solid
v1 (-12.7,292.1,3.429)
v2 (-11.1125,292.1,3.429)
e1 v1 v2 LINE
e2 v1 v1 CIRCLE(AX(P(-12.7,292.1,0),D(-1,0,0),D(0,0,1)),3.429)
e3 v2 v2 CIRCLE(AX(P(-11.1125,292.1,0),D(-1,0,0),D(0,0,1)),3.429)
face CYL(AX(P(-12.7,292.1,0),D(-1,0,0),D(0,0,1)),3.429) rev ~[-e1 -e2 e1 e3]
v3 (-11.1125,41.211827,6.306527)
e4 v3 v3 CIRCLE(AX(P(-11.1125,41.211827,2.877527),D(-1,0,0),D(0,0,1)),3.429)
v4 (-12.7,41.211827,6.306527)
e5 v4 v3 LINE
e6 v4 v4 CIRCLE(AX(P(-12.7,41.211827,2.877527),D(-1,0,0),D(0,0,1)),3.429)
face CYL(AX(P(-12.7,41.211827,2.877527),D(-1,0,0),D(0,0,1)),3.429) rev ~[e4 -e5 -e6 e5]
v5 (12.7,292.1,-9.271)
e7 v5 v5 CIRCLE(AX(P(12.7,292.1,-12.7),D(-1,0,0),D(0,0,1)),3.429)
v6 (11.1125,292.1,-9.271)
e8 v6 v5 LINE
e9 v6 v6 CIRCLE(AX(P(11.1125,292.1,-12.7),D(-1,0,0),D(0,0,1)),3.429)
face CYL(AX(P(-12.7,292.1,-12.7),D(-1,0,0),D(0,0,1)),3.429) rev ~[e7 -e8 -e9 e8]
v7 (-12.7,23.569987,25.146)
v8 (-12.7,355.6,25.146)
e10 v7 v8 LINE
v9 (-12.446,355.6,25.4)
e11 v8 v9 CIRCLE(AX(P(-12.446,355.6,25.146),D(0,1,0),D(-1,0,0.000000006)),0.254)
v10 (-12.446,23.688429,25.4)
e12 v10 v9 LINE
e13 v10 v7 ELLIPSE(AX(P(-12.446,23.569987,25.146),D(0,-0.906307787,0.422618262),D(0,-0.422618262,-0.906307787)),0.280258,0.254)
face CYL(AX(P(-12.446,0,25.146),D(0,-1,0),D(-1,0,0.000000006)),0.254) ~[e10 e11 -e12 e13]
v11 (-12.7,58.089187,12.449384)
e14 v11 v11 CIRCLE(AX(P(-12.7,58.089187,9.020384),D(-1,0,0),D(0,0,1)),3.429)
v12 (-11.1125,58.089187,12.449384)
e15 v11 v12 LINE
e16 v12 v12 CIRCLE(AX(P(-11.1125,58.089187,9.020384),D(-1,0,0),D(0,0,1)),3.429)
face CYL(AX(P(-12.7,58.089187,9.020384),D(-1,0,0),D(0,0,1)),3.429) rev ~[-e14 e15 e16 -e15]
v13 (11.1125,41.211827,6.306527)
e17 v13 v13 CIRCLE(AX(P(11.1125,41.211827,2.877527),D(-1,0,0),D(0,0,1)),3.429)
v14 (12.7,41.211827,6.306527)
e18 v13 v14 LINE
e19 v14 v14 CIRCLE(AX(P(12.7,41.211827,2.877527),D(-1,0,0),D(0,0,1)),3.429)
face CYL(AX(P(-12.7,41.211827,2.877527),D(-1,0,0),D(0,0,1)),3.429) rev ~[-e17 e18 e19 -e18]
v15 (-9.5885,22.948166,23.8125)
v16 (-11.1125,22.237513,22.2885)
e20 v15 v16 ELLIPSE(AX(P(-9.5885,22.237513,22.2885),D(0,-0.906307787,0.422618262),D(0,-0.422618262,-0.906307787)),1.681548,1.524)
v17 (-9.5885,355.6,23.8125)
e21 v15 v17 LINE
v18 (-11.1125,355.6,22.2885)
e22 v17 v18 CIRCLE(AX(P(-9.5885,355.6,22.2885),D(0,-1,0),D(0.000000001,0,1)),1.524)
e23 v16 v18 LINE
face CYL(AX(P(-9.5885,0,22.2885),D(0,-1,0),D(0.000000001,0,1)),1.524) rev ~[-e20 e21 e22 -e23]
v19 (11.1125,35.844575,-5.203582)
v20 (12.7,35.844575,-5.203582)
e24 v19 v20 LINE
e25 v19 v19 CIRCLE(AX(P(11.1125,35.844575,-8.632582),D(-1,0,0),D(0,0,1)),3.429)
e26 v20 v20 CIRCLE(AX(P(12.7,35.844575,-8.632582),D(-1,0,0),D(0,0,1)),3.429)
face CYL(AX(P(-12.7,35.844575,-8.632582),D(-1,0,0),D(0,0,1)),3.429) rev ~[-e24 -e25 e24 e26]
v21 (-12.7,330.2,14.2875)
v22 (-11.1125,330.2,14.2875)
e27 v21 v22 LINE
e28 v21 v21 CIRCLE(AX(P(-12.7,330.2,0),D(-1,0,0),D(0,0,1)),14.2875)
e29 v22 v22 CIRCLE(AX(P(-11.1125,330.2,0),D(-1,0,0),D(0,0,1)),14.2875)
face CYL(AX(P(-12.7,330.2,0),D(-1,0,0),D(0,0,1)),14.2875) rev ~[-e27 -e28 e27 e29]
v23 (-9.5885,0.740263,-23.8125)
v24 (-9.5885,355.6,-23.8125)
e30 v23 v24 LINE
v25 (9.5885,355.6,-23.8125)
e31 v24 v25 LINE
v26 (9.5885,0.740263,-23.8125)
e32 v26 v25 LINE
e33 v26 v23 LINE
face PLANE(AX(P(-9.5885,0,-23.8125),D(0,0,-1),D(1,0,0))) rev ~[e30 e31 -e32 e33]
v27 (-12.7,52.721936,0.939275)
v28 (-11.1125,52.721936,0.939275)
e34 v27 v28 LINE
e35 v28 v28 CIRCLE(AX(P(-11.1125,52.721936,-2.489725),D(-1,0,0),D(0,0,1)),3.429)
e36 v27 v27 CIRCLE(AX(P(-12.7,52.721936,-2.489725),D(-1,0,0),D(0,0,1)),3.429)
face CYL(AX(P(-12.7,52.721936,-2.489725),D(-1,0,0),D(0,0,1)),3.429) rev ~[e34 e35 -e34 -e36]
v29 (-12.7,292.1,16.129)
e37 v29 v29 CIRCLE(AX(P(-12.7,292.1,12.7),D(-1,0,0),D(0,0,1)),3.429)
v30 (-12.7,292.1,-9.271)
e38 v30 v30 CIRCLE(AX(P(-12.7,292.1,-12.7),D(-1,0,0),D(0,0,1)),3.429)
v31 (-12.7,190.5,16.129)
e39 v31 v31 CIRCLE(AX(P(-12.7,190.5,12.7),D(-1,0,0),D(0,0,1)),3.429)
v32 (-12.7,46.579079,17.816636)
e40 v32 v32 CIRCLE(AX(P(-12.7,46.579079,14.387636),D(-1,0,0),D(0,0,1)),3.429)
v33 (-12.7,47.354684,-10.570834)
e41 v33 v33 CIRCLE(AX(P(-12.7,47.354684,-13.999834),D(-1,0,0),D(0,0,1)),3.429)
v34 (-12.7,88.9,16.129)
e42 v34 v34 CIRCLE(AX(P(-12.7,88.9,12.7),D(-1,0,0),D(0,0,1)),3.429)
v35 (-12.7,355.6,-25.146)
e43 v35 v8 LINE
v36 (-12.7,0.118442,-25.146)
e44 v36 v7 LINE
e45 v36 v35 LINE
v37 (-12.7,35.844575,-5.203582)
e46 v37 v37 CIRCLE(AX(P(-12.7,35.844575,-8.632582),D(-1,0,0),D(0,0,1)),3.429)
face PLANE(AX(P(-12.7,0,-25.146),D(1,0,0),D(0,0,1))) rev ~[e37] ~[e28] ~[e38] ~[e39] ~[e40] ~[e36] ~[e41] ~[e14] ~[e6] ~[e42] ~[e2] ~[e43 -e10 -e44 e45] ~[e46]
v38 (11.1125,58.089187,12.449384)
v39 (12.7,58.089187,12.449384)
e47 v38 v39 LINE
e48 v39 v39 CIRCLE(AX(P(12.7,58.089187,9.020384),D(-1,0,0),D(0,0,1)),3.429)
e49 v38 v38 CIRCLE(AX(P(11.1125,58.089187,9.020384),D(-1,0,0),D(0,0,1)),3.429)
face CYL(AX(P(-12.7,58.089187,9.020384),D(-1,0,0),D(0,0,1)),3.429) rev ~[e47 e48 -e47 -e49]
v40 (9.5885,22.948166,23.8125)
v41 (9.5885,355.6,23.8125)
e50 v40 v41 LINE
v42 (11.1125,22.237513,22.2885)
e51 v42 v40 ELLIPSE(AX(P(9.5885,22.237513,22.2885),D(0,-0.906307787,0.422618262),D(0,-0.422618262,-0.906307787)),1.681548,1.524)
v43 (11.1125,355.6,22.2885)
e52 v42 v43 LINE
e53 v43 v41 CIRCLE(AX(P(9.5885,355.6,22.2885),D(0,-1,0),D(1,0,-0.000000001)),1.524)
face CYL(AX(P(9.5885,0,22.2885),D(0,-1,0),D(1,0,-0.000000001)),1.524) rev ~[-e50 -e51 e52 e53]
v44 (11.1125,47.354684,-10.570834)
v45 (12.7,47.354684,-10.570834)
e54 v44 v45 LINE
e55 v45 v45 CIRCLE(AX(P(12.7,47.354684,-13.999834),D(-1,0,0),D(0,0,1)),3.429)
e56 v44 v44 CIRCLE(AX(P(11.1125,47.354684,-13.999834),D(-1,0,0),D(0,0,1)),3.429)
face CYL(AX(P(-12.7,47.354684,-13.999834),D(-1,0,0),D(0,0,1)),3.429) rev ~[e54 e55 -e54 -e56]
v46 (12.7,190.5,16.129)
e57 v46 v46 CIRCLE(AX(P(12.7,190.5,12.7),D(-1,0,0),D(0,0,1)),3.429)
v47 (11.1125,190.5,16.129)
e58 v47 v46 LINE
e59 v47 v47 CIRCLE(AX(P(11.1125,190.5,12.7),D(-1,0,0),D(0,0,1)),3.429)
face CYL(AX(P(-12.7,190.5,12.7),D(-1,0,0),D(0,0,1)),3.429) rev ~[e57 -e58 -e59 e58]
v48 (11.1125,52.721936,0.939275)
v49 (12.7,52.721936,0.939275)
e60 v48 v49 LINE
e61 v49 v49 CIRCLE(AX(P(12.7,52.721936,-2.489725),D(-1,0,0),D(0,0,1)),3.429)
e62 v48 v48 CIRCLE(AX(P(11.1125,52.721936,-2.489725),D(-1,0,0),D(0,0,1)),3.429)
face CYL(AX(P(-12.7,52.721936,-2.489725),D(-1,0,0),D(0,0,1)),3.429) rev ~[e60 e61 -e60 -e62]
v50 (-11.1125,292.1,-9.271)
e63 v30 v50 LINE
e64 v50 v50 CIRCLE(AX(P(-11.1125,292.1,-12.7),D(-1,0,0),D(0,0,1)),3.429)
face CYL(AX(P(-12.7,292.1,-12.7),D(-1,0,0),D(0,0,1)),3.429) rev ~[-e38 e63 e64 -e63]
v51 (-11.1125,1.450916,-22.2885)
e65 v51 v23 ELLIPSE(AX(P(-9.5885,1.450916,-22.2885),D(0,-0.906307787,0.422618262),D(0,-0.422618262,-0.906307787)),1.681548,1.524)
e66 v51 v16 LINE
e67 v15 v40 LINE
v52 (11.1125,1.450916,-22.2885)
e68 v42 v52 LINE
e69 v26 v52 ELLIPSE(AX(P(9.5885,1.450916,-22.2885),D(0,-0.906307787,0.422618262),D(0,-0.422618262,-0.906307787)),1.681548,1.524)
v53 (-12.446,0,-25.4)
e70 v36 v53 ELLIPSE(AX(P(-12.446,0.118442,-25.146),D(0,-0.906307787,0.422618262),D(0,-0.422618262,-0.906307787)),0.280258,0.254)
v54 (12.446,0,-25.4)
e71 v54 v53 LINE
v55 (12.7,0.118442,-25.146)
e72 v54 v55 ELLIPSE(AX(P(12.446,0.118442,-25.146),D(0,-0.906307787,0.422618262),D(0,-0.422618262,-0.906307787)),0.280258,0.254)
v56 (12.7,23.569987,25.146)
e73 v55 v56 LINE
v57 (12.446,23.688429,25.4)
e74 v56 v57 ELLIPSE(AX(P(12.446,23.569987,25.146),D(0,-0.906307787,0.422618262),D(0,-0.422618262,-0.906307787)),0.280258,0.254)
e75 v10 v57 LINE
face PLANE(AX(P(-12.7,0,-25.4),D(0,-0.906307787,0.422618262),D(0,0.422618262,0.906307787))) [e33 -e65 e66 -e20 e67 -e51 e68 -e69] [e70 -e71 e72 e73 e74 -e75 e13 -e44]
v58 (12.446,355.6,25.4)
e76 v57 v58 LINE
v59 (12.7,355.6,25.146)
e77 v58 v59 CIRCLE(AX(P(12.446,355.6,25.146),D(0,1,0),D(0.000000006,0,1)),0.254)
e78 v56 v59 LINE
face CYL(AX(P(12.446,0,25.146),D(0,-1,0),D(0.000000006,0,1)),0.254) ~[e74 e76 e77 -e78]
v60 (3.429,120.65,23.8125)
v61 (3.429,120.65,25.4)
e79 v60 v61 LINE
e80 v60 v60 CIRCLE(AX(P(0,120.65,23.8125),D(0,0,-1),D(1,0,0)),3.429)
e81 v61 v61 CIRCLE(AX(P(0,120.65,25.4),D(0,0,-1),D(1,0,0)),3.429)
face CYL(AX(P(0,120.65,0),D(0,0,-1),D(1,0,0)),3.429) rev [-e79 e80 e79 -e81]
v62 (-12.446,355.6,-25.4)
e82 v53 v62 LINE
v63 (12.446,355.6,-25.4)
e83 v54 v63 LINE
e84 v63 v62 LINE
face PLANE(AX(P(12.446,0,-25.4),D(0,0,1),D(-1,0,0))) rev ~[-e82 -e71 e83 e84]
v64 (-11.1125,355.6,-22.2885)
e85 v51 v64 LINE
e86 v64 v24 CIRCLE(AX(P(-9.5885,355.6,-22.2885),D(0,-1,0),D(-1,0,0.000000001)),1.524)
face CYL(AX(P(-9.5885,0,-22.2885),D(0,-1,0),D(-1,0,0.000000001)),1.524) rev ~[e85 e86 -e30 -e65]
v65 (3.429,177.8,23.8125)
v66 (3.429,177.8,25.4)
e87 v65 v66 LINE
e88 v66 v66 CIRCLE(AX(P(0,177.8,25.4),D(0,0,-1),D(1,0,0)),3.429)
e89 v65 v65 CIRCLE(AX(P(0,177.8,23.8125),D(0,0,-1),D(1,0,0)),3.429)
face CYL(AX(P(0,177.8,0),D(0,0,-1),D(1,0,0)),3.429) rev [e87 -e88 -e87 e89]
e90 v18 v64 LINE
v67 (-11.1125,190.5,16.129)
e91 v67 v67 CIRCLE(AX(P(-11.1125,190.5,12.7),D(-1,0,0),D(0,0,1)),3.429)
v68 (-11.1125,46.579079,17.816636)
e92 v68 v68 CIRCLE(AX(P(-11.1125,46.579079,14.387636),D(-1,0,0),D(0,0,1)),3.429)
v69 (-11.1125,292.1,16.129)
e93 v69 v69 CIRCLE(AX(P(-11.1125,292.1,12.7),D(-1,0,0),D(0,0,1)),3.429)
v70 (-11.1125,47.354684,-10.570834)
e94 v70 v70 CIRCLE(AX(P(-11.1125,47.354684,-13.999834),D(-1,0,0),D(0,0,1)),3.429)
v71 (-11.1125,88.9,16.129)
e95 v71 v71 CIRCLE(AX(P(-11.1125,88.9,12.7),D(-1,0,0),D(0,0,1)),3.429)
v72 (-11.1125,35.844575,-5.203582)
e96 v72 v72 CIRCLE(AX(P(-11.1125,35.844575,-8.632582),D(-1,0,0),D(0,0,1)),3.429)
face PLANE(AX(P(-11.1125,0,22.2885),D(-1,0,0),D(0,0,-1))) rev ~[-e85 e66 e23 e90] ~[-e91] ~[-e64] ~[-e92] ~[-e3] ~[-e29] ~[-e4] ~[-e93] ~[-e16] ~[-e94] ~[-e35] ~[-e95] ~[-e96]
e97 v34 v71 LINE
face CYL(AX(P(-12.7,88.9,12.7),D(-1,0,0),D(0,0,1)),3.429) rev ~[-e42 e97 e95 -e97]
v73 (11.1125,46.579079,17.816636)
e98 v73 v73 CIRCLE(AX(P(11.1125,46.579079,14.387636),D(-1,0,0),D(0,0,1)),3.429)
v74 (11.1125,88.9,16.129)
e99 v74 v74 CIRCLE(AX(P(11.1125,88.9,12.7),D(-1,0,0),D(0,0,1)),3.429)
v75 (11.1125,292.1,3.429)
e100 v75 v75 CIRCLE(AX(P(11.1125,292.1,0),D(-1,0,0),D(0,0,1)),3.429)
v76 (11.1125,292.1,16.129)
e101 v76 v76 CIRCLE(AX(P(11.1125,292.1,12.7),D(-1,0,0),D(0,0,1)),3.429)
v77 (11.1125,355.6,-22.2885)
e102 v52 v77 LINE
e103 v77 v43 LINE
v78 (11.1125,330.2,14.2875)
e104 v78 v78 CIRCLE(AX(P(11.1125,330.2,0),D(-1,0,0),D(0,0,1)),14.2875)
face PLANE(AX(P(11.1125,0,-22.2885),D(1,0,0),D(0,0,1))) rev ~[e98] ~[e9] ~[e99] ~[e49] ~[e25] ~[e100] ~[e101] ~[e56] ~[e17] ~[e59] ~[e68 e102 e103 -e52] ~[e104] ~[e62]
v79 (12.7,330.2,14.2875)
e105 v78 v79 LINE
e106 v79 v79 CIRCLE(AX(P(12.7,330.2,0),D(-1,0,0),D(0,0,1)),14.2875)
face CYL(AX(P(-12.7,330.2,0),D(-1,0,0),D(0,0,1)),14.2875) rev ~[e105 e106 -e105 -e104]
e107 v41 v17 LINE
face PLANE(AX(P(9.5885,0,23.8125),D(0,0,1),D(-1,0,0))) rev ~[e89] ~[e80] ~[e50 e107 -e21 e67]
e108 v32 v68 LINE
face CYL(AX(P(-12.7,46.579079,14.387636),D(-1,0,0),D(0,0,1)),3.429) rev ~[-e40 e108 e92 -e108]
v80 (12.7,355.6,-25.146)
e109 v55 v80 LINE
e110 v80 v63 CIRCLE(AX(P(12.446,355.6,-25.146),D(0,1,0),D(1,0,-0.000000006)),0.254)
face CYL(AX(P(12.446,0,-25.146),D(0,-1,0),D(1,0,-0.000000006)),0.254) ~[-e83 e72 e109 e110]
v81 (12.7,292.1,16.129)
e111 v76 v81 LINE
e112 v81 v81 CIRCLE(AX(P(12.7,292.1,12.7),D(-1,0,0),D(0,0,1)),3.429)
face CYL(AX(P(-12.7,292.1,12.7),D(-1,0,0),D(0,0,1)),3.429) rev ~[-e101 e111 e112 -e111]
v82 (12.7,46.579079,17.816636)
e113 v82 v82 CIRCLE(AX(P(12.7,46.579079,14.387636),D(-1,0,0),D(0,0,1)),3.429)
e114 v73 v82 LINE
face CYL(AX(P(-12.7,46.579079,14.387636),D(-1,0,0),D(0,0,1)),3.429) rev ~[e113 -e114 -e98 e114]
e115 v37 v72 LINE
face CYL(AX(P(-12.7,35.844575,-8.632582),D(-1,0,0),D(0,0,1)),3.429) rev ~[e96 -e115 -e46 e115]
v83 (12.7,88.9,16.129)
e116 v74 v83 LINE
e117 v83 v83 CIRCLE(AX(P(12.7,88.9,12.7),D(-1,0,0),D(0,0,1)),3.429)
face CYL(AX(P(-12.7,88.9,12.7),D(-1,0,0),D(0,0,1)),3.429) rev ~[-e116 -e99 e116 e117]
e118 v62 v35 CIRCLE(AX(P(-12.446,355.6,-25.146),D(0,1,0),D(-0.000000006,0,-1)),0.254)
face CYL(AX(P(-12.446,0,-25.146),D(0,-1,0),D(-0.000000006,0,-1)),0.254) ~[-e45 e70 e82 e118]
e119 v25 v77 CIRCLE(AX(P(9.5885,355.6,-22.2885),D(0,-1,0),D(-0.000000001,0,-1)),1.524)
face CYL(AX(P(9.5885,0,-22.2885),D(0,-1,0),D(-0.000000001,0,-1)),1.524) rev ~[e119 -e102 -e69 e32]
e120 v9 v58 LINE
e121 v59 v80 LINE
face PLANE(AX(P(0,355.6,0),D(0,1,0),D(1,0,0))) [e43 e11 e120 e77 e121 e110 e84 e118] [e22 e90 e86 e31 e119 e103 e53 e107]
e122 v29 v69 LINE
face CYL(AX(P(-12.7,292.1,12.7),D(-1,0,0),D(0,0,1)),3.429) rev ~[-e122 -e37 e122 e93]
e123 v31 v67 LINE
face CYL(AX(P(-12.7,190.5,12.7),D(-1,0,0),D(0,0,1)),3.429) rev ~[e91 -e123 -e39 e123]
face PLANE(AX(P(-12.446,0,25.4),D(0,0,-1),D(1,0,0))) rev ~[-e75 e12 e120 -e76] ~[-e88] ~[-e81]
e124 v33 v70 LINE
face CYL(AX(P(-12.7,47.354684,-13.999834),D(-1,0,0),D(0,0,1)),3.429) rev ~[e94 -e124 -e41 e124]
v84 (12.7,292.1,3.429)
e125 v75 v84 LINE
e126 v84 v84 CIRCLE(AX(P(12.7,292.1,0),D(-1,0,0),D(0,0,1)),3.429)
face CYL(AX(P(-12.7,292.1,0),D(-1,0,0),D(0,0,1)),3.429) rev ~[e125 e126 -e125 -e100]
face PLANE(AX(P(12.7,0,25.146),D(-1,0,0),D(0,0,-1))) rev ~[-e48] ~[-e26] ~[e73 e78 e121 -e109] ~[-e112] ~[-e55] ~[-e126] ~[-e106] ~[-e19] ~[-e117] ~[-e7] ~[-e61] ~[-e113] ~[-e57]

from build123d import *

# Parameters (mm, degrees)
BOSS_EXTRUDE1_DEPTH = 355.6
SKETCH2_R           = 3.429
SKETCH2_R_2         = 14.2875
CUT_EXTRUDE1_DEPTH  = 26.4
SKETCH3_R           = 3.429
CUT_EXTRUDE2_DEPTH  = 26.4


with BuildPart() as part:
    # Sketch1 → Boss-Extrude1 (new body)
    with BuildSketch(Plane(origin=(0, 0, 0), x_dir=(1, 0, 0), z_dir=(0, 1, 0))):
        with BuildLine():
            Line((-12.446, -25.4), (12.446, -25.4))
            ThreePointArc((12.446, -25.4), (12.625605122, -25.325605122), (12.7, -25.146))
            Line((12.7, -25.146), (12.7, 25.146))
            ThreePointArc((12.7, 25.146), (12.625605122, 25.325605122), (12.446, 25.4))
            Line((12.446, 25.4), (-12.446, 25.4))
            ThreePointArc((-12.446, 25.4), (-12.625605122, 25.325605122), (-12.7, 25.146))
            Line((-12.7, 25.146), (-12.7, -25.146))
            ThreePointArc((-12.7, -25.146), (-12.625605122, -25.325605122), (-12.446, -25.4))
        make_face()
        with BuildLine():
            Line((-9.5885, 23.8125), (9.5885, 23.8125))
            ThreePointArc((9.5885, 23.8125), (10.666130735, 23.366130735), (11.1125, 22.2885))
            Line((11.1125, 22.2885), (11.1125, -22.2885))
            ThreePointArc((11.1125, -22.2885), (10.666130735, -23.366130735), (9.5885, -23.8125))
            Line((9.5885, -23.8125), (-9.5885, -23.8125))
            ThreePointArc((-9.5885, -23.8125), (-10.666130735, -23.366130735), (-11.1125, -22.2885))
            Line((-11.1125, -22.2885), (-11.1125, 22.2885))
            ThreePointArc((-11.1125, 22.2885), (-10.666130735, 23.366130735), (-9.5885, 23.8125))
        make_face(mode=Mode.SUBTRACT)
    extrude(amount=BOSS_EXTRUDE1_DEPTH)

    # Sketch2 → Cut-Extrude1 (cut, through all)
    with BuildSketch(Plane.ZY.offset(12.7)):
        with Locations((-8.632581672, 35.844574716)):
            Circle(SKETCH2_R)
        with Locations((0, 330.2)):
            Circle(SKETCH2_R_2)
        with Locations((0, 292.1)):
            Circle(SKETCH2_R)
        with Locations((12.7, 292.1)):
            Circle(SKETCH2_R)
        with Locations((-12.7, 292.1)):
            Circle(SKETCH2_R)
        with Locations((2.877527224, 41.21182664)):
            Circle(SKETCH2_R)
        with Locations((14.387636119, 46.579078564)):
            Circle(SKETCH2_R)
        with Locations((-2.4897247, 52.721935535)):
            Circle(SKETCH2_R)
        with Locations((9.020384195, 58.089187459)):
            Circle(SKETCH2_R)
        with Locations((-13.999833596, 47.354683611)):
            Circle(SKETCH2_R)
        with Locations((12.7, 190.5)):
            Circle(SKETCH2_R)
        with Locations((12.7, 88.9)):
            Circle(SKETCH2_R)
        Polygon((-25.4, 0), (25.4, 23.688429034), (25.4, 0), align=None)
    extrude(amount=-CUT_EXTRUDE1_DEPTH, mode=Mode.SUBTRACT)

    # Sketch3 → Cut-Extrude2 (cut, through all)
    with BuildSketch(Plane.XY):
        with Locations((0, 177.8)):
            Circle(SKETCH3_R)
        with Locations((0, 120.65)):
            Circle(SKETCH3_R)
    extrude(amount=CUT_EXTRUDE2_DEPTH, mode=Mode.SUBTRACT)


solid = part.part
